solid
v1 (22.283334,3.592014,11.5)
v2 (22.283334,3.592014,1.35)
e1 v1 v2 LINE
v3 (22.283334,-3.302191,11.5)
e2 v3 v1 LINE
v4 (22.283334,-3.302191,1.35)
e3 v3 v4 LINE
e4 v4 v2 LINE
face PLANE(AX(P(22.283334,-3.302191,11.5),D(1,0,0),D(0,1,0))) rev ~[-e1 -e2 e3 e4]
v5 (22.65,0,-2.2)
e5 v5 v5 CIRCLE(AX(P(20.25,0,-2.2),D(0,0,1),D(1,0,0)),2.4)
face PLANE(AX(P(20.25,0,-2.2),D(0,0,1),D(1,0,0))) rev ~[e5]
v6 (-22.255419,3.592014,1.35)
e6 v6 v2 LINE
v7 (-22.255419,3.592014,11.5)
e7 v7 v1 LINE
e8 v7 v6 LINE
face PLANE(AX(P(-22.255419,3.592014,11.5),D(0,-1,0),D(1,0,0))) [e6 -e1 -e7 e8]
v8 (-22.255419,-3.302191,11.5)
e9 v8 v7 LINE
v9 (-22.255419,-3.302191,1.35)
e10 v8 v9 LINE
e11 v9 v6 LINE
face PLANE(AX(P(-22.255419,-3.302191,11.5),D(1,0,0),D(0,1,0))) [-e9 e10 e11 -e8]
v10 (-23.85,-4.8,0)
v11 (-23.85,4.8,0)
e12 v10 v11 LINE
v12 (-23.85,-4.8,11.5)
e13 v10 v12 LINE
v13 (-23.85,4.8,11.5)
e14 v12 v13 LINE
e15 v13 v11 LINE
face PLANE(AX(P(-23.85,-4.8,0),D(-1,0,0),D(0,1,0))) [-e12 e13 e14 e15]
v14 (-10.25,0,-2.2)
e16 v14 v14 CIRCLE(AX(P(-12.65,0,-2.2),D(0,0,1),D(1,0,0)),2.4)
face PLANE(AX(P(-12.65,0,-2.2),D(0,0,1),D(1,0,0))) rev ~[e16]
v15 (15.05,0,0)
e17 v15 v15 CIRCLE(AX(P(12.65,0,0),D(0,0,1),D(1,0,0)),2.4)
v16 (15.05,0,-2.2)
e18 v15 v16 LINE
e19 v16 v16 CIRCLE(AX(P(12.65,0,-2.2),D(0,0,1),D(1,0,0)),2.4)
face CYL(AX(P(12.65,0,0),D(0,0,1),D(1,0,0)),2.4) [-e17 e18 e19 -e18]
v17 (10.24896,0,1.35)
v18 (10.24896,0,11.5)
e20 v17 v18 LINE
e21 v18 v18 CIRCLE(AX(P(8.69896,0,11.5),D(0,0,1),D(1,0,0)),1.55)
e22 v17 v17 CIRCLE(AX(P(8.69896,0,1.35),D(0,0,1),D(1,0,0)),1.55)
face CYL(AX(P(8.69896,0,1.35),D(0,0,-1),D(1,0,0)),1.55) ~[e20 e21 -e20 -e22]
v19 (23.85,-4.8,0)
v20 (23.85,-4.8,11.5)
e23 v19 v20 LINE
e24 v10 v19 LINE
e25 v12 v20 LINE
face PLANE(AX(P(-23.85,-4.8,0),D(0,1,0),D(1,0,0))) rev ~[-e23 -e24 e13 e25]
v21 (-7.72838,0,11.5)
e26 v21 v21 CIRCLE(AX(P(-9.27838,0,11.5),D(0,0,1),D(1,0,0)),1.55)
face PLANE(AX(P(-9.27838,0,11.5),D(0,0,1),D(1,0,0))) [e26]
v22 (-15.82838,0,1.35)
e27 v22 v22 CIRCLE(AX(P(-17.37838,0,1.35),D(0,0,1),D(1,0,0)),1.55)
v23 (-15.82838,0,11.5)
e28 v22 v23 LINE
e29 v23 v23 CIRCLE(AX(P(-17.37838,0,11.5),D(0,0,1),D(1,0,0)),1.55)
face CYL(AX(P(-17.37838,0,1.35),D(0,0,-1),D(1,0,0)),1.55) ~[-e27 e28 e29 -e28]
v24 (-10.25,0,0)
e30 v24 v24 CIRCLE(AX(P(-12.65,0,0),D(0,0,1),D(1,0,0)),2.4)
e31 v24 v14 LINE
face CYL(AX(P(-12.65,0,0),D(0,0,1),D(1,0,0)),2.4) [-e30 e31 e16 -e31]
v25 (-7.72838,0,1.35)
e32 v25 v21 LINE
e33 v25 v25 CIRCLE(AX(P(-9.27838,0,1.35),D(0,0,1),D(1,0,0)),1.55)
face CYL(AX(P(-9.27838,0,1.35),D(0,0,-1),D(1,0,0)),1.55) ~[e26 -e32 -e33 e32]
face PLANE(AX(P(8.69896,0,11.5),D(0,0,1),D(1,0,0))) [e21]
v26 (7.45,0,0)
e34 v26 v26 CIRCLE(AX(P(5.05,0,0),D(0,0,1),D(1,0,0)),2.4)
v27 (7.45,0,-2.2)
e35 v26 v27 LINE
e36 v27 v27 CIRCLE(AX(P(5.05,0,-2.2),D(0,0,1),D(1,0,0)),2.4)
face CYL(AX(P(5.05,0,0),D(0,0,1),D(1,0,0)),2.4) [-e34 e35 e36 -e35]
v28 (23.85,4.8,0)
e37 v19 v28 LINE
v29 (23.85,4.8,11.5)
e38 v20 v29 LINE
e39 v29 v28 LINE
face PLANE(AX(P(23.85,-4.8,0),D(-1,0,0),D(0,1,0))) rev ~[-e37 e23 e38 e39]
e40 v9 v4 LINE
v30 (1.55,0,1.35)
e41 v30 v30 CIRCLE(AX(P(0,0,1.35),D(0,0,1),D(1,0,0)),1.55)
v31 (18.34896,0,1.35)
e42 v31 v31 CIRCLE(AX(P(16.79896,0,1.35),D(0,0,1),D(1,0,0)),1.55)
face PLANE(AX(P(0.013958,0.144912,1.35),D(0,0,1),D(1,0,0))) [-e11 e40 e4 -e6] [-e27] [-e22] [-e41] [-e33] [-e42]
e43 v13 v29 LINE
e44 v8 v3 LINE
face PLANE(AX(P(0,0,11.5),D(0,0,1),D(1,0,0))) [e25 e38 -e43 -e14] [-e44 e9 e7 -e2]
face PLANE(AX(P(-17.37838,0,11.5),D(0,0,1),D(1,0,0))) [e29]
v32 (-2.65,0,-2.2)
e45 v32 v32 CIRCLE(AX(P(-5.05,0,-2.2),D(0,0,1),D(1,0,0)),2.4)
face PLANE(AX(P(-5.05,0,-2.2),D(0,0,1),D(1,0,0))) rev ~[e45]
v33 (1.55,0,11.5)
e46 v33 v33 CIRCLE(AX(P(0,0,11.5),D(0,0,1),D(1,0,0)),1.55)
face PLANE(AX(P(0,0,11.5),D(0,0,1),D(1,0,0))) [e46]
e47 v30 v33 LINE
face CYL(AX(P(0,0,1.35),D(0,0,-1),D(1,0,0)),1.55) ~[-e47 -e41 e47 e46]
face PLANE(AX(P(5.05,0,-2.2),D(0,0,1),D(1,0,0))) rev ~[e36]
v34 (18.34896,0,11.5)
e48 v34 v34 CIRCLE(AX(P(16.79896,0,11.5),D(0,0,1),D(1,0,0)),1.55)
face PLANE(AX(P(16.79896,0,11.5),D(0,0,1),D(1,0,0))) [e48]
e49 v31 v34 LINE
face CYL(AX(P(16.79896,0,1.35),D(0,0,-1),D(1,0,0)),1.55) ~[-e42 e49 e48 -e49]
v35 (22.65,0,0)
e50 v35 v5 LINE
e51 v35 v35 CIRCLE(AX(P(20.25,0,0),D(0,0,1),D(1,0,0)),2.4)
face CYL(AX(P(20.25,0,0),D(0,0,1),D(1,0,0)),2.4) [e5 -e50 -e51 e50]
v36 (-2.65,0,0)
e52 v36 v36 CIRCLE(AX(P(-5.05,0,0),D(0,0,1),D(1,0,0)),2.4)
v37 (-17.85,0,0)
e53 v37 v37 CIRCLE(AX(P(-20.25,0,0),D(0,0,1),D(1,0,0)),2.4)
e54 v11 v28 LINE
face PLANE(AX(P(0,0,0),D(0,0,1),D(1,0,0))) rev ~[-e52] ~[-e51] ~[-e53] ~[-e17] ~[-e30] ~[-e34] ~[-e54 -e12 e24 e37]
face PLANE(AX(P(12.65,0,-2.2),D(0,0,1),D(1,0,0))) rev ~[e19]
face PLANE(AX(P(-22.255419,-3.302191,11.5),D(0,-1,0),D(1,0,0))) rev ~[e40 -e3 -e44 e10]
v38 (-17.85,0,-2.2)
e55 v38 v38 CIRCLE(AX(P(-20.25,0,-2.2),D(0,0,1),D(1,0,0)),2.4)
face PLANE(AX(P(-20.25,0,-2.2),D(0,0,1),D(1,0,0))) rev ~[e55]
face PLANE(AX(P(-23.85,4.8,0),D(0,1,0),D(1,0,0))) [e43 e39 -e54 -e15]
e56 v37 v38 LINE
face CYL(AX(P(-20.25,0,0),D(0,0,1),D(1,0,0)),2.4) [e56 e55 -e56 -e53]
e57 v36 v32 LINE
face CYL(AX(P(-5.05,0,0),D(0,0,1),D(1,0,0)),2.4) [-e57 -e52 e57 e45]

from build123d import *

# Parameters (mm, degrees)
F0_W      = 47.7
F0_H      = 9.6
F0_R      = 2.4
F1_DEPTH  = 9.5
F2_DEPTH  = 2.2
F3_W      = 44.25676
F3_H      = 6.6
F3_R      = 1.55
F3_R_2    = 2.072202
F1_FACE_W = 47.7
F1_FACE_H = 9.6
F4_DEPTH  = 2
F5_W      = 44.538753
F5_H      = 6.894205
F6_DEPTH  = 10.15
F7_R      = 1.55
F8_DEPTH  = 10.15


with BuildPart() as f1:
    # F0 (on Top) → F1 (new body)
    with BuildSketch(Plane.XY):
        Rectangle(F0_W, F0_H)
        with Locations((-20.25, 0)):
            Circle(F0_R, mode=Mode.SUBTRACT)
        with Locations((-12.65, 0)):
            Circle(F0_R, mode=Mode.SUBTRACT)
        with Locations((-5.05, 0)):
            Circle(F0_R, mode=Mode.SUBTRACT)
        with Locations((5.05, 0)):
            Circle(F0_R, mode=Mode.SUBTRACT)
        with Locations((12.65, 0)):
            Circle(F0_R, mode=Mode.SUBTRACT)
        with Locations((20.25, 0)):
            Circle(F0_R, mode=Mode.SUBTRACT)
        with Locations((-20.25, 0)):
            Circle(F0_R)
        with Locations((-12.65, 0)):
            Circle(F0_R)
        with Locations((-5.05, 0)):
            Circle(F0_R)
        with Locations((5.05, 0)):
            Circle(F0_R)
        with Locations((12.65, 0)):
            Circle(F0_R)
        with Locations((20.25, 0)):
            Circle(F0_R)
    extrude(amount=F1_DEPTH)

    # F0 (on Top) → F2 (join)
    with BuildSketch(Plane.XY):
        with Locations((-20.25, 0)):
            Circle(F0_R)
        with Locations((-12.65, 0)):
            Circle(F0_R)
        with Locations((-5.05, 0)):
            Circle(F0_R)
        with Locations((5.05, 0)):
            Circle(F0_R)
        with Locations((12.65, 0)):
            Circle(F0_R)
        with Locations((20.25, 0)):
            Circle(F0_R)
    extrude(amount=-F2_DEPTH)

    # F3 (on Top) + F1_face (on face) → F4 (join)
    with BuildSketch(Plane.XY):
        Rectangle(F3_W, F3_H)
        with Locations((-19.1, 0)):
            Circle(F3_R, mode=Mode.SUBTRACT)
        with Locations((-12.5, 0)):
            Circle(F3_R, mode=Mode.SUBTRACT)
        Circle(F3_R_2, mode=Mode.SUBTRACT)
        with Locations((12.524975, 0)):
            Circle(F3_R, mode=Mode.SUBTRACT)
        with Locations((19.124975, 0)):
            Circle(F3_R, mode=Mode.SUBTRACT)
    with BuildSketch(Plane.XY.offset(9.5)):
        Rectangle(F1_FACE_W, F1_FACE_H)
    extrude(amount=F4_DEPTH)

    # F5 (on face) → F6 (cut)
    with BuildSketch(Plane.XY.offset(11.5)):
        with Locations((0.013958, 0.144912)):
            Rectangle(F5_W, F5_H)
    extrude(amount=-F6_DEPTH, mode=Mode.SUBTRACT)

    # F7 (on face) → F8 (join)
    with BuildSketch(Plane.XY.offset(1.35)):
        with Locations((-17.37838, 0)):
            Circle(F7_R)
        with Locations((-9.27838, 0)):
            Circle(F7_R)
        Circle(F7_R)
        with Locations((8.69896, 0)):
            Circle(F7_R)
        with Locations((16.79896, 0)):
            Circle(F7_R)
    extrude(amount=F8_DEPTH)


solid = f1.part
